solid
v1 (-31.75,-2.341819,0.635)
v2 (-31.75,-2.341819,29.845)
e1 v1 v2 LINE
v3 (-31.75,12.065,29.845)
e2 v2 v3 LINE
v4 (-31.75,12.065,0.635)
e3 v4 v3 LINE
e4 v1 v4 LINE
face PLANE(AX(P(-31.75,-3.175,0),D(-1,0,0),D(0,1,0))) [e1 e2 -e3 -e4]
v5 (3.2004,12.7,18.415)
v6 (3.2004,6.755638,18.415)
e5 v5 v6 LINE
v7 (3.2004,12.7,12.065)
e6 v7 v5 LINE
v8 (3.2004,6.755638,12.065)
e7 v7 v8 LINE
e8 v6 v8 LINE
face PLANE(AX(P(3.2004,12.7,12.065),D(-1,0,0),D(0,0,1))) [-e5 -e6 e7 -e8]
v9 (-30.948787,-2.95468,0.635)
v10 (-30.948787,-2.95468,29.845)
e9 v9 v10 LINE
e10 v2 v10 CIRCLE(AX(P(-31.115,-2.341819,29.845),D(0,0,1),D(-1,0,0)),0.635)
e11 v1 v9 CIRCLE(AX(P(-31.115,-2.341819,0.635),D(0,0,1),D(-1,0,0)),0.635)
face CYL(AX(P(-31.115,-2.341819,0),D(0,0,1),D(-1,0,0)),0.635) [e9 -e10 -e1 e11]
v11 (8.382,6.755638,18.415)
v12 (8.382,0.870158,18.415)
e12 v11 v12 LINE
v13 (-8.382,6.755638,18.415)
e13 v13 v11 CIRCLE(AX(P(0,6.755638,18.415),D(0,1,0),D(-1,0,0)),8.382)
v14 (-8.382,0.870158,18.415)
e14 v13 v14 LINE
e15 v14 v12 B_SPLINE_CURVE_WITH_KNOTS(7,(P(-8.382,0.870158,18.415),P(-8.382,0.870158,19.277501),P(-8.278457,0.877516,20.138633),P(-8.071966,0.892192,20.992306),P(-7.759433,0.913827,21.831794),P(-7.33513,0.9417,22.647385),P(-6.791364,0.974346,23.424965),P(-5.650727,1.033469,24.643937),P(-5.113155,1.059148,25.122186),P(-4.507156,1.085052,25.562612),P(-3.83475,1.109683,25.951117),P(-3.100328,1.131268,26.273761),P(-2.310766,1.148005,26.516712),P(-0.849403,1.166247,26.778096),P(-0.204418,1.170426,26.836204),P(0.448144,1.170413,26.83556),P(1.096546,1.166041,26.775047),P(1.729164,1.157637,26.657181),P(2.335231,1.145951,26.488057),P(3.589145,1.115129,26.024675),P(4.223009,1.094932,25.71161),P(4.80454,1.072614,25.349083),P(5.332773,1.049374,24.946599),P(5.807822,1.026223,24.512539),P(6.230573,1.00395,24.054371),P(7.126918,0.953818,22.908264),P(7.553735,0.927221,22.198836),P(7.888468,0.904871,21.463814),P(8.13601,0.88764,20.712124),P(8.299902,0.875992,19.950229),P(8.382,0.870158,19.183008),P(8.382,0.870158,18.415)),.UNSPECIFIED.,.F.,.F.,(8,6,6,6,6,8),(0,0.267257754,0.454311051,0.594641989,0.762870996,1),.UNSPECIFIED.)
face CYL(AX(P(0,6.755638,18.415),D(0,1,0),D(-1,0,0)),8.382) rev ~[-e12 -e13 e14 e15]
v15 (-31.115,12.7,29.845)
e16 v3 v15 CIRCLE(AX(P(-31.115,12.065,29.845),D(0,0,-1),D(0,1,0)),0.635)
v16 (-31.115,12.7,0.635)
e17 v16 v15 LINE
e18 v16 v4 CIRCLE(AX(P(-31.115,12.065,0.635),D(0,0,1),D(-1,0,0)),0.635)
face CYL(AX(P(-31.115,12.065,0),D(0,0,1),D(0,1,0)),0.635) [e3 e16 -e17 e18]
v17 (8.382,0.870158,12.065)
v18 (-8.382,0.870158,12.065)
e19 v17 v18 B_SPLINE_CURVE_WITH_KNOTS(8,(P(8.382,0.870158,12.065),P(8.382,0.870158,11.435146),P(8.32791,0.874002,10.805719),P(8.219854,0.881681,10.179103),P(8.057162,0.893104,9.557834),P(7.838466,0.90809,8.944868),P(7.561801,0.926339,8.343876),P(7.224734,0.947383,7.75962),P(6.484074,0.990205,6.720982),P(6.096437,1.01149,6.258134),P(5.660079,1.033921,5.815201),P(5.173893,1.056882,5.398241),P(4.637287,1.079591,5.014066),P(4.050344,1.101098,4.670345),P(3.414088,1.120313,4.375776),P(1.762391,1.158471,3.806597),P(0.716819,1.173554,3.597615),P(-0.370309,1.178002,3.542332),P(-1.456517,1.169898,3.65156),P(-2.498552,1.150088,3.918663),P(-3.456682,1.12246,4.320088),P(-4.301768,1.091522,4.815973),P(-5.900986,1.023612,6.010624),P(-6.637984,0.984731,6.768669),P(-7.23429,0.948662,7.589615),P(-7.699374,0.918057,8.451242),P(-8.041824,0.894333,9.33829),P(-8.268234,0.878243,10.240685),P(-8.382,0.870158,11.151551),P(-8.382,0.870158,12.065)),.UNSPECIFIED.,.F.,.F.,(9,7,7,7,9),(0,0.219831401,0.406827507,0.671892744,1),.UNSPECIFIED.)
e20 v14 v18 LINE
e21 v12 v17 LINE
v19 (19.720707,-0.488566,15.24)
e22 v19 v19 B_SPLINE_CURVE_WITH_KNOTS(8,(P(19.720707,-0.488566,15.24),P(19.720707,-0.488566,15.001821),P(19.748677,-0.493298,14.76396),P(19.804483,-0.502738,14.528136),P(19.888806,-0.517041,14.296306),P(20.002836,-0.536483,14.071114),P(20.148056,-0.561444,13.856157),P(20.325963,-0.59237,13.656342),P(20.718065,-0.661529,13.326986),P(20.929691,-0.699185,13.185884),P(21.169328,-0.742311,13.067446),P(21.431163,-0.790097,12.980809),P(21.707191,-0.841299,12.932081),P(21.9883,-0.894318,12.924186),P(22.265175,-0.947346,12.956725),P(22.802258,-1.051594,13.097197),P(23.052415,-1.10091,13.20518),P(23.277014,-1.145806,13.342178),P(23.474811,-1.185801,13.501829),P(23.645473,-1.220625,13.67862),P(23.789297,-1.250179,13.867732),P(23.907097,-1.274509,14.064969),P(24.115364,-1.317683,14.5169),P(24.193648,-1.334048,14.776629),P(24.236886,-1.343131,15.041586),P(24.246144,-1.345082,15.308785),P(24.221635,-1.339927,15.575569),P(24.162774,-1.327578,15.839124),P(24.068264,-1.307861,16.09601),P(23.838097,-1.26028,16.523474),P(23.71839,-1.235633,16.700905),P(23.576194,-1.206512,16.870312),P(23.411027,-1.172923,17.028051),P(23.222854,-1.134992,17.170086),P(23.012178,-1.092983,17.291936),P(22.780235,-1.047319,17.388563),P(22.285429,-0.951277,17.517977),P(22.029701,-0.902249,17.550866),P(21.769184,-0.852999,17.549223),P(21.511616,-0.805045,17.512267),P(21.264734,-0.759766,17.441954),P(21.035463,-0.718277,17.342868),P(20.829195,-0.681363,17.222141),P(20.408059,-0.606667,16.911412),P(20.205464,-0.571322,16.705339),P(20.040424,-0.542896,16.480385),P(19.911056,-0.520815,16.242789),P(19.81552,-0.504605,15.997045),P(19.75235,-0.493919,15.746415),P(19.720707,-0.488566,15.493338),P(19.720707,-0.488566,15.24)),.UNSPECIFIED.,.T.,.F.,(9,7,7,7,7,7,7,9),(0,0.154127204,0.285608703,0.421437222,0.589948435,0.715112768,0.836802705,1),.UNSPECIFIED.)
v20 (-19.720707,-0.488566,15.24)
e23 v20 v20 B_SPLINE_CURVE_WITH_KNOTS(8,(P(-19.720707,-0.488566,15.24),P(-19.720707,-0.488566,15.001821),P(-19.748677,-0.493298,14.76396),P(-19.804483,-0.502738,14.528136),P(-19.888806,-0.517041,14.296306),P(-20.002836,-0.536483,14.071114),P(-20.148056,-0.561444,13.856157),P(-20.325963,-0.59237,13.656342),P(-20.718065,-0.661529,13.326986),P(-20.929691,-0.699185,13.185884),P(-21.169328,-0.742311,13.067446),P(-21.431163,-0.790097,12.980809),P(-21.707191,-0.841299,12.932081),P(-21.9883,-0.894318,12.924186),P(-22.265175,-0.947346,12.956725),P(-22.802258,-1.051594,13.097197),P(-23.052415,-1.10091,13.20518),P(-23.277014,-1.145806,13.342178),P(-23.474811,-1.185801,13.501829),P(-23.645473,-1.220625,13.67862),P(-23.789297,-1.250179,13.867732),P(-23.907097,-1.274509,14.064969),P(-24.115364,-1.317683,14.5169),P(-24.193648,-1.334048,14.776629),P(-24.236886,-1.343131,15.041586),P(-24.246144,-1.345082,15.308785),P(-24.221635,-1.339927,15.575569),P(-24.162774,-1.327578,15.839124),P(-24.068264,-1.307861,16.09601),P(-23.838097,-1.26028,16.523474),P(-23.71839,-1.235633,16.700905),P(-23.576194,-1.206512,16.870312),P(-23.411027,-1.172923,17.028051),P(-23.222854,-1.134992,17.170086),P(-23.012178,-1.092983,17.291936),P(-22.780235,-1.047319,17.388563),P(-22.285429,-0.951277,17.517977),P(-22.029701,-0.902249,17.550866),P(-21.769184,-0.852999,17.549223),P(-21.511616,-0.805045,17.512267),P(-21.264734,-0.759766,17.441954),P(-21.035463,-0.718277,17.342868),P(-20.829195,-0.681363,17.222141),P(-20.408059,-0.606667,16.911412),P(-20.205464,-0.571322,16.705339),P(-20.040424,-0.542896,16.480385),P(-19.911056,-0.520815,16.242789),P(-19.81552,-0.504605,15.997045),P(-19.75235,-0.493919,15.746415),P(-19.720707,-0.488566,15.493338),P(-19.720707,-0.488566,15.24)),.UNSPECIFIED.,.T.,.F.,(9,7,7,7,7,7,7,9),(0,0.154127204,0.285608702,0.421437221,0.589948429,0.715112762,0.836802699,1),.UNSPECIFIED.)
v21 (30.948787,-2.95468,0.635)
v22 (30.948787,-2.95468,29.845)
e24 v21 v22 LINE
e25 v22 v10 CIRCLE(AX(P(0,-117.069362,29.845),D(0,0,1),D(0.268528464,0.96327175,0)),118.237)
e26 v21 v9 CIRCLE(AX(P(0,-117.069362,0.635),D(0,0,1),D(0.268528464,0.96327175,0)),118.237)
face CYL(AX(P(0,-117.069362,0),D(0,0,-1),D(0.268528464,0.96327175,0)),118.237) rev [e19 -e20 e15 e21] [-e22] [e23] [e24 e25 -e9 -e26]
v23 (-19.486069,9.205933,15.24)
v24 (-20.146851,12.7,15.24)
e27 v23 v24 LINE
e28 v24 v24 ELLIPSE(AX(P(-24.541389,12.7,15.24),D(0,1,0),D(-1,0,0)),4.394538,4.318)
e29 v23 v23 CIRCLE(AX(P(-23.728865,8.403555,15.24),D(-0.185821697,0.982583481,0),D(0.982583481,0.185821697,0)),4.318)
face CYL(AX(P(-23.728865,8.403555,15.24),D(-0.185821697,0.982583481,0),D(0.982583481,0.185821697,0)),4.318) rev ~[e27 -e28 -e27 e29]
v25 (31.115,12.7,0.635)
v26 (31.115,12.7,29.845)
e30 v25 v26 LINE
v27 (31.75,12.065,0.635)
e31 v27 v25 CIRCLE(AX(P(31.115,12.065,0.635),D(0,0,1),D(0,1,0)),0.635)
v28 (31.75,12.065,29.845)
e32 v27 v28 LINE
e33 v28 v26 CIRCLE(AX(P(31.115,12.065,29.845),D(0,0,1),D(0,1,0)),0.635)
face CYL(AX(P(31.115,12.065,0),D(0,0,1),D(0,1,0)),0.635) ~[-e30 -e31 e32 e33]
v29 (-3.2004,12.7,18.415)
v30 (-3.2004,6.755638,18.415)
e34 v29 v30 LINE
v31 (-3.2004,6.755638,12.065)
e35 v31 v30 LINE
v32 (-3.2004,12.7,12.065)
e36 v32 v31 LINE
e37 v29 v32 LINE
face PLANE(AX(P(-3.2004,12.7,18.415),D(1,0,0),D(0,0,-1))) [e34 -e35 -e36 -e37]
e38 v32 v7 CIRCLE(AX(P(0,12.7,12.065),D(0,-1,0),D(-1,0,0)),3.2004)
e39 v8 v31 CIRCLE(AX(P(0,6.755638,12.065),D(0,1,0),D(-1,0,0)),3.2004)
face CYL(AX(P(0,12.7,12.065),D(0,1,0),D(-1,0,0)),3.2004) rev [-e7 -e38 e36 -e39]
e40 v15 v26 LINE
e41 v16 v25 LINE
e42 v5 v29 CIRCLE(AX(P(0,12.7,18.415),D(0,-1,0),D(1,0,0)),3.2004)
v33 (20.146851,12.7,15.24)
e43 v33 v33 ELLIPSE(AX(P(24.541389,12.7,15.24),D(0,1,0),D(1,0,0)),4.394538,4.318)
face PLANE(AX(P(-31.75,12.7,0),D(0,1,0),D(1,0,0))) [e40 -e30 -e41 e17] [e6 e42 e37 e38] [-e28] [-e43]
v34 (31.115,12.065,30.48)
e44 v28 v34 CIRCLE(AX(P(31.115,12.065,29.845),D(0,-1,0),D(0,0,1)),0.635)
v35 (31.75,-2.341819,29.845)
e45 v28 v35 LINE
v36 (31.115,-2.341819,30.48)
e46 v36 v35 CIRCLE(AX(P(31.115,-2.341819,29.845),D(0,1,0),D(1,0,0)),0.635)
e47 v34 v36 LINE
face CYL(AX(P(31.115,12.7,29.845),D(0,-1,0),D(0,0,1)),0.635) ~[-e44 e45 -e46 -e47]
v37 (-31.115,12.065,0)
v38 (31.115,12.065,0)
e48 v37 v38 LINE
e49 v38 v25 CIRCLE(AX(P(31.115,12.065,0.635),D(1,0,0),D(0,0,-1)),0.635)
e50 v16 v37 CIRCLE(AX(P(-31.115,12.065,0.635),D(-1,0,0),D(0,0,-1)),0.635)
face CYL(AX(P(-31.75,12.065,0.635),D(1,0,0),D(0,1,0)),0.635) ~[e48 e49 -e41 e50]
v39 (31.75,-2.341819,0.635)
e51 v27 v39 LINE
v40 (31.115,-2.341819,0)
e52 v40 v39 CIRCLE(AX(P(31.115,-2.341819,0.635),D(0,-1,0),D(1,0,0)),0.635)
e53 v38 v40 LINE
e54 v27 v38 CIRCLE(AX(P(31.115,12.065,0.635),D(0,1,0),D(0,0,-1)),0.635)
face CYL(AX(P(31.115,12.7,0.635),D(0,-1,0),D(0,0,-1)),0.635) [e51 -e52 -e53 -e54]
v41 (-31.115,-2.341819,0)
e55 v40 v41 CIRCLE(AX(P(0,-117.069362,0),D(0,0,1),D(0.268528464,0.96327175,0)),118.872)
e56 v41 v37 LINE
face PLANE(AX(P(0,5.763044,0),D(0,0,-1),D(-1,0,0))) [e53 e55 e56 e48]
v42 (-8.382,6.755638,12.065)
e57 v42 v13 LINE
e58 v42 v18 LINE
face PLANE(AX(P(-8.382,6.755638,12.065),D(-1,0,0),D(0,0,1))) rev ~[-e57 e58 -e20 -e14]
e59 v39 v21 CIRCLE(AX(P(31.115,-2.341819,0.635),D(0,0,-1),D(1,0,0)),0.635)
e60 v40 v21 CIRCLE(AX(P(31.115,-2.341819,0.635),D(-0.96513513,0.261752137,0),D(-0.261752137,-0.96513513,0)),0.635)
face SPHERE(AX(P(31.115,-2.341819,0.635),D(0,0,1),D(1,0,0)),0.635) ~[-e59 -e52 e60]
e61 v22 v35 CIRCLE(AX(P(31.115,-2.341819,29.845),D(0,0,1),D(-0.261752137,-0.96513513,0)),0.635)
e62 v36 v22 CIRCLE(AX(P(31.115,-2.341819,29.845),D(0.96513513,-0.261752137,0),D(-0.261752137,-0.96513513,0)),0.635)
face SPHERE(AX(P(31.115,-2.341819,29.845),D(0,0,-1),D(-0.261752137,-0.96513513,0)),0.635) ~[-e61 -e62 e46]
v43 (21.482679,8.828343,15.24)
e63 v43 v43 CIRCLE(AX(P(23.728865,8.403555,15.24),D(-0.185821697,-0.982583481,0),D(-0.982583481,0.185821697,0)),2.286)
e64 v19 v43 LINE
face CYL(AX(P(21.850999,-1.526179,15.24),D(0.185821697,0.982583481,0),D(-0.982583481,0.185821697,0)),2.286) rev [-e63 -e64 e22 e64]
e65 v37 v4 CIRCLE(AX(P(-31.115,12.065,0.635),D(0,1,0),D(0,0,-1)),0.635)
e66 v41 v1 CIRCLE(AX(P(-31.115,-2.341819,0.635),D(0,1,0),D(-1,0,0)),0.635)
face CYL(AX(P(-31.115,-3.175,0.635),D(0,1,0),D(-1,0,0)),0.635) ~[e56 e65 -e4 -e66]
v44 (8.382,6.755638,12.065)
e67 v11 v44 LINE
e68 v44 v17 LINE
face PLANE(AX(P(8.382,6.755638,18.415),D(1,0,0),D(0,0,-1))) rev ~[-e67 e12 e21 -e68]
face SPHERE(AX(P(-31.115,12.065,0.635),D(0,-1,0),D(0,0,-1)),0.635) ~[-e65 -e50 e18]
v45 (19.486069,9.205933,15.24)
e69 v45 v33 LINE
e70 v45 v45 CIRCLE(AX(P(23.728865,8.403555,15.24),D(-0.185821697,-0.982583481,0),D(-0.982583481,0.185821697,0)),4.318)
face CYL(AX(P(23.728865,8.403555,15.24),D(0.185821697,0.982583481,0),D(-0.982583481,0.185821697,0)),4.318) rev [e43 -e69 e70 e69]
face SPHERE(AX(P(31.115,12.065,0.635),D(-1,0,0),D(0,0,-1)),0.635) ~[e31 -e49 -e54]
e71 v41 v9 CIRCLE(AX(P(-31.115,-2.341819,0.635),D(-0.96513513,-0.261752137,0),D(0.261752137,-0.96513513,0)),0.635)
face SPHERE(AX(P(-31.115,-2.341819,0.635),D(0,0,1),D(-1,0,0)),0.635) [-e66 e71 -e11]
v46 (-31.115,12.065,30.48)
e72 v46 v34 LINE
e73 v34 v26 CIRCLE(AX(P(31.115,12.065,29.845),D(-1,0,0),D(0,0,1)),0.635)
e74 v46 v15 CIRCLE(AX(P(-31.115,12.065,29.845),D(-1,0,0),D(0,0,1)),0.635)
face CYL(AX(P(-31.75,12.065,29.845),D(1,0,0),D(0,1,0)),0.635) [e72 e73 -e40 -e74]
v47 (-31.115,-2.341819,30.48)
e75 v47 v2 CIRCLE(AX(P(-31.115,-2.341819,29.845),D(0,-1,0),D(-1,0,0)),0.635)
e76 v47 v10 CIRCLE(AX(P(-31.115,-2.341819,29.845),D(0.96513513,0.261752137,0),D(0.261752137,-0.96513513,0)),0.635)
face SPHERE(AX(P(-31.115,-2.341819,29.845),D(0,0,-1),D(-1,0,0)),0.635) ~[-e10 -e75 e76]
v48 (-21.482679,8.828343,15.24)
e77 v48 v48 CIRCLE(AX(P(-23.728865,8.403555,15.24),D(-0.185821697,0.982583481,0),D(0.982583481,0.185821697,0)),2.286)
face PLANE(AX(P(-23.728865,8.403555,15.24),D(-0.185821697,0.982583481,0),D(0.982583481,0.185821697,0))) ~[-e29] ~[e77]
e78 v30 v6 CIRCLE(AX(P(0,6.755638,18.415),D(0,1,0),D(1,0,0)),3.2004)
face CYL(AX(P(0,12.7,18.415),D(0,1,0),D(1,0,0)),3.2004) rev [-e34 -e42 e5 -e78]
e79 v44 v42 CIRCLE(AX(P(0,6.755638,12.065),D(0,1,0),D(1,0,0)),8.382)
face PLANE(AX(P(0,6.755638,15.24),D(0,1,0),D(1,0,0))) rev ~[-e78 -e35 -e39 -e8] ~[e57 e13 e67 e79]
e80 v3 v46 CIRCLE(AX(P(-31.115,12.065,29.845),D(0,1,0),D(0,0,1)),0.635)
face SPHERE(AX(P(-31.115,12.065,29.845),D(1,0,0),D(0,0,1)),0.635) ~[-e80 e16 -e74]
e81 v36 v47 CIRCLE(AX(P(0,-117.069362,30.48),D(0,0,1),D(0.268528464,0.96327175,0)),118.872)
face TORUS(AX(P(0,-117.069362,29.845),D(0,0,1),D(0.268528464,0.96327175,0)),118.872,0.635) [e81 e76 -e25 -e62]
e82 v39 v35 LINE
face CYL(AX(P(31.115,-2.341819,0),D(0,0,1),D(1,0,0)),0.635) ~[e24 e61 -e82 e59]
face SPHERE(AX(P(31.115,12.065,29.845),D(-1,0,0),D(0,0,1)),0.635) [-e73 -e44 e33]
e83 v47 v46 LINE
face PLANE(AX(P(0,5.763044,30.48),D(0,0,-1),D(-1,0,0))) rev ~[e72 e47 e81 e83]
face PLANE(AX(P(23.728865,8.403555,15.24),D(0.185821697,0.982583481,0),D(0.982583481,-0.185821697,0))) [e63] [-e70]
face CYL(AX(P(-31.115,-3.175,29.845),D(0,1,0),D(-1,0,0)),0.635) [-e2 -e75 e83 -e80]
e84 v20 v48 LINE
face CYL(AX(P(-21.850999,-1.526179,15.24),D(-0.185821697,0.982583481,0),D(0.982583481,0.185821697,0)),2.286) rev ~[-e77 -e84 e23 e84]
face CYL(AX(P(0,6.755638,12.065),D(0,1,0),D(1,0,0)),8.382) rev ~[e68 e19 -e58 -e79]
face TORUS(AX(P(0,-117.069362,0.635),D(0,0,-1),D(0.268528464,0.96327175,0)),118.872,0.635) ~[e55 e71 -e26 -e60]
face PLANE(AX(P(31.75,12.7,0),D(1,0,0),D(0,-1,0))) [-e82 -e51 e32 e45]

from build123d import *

# Parameters (mm, degrees)
BOSS_EXTRUDE1_DEPTH     = 30.48
FILLET1_R               = 0.635
CUT_EXTRUDE1_DEPTH      = 47.721039644
CUT_EXTRUDE6_DEPTH      = 46.498222745
CUT_EXTRUDE6_DEPTH_BACK = 5.588


with BuildPart() as part:
    # Sketch1 → Boss-Extrude1 (new body)
    with BuildSketch(Plane.XY):
        with BuildLine():
            Line((-31.75, 12.7), (31.75, 12.7))
            Line((31.75, 12.7), (31.75, -3.175))
            ThreePointArc((31.75, -3.175), (0, 1.167638116), (-31.75, -3.175))
            Line((-31.75, -3.175), (-31.75, 12.7))
        make_face()
    extrude(amount=BOSS_EXTRUDE1_DEPTH)

    # Sketch5 → Cut-Revolve1 (revolve, cut)
    with BuildSketch(Plane(origin=(0, 0, 15.24), x_dir=(-1, 0, 0), z_dir=(0, 0, -1)), mode=Mode.PRIVATE) as cut_revolve1_sk:
        Polygon((-21.850998632, -1.526179191), (-24.097184469, -1.950967591), (-25.975050427, 7.978766654), (-27.97166006, 7.601176966), (-29.631988117, 16.380619557), (-25.389192647, 17.182997645), align=None)
    cut_revolve1 = revolve(cut_revolve1_sk.sketch.rotate(Axis((25.728949918, 18.979557936, 15.24), (-0.1858216970998926, -0.9825834808742288, 0)), 180), axis=Axis((25.728949918, 18.979557936, 15.24), (-0.1858216970998926, -0.9825834808742288, 0)), mode=Mode.SUBTRACT)

    # Mirror1: Cut-Revolve1 across plane
    add(cut_revolve1.mirror(Plane(origin=(0, 0, 0), x_dir=(0, 0, 1), z_dir=(1, 0, 0))), mode=Mode.SUBTRACT)

    # Fillet1
    fillet1_edges = [part.edges().sort_by_distance(p)[0] for p in [
        (0, 12.7, 30.48),
        (-31.75, 4.7625, 30.48),
        (0, 1.167638116, 30.48),
        (-31.75, 4.7625, 0),
        (0, 12.7, 0),
        (31.75, 4.7625, 0),
        (0, 1.167638116, 0),
        (31.75, 4.7625, 30.48),
        (-31.75, -3.175, 15.24),
        (-31.75, 12.7, 15.24),
        (31.75, 12.7, 15.24),
        (31.75, -3.175, 15.24),
    ]]
    fillet(fillet1_edges, radius=FILLET1_R)

    # Sketch17 → Cut-Extrude1 (cut, through all)
    with BuildSketch(Plane(origin=(0, 12.7, 0), x_dir=(1, 0, 0), z_dir=(0, 1, 0))):
        with BuildLine():
            Line((-3.2004, -18.415), (-3.2004, -12.065))
            ThreePointArc((-3.2004, -12.065), (0, -8.8646), (3.2004, -12.065))
            Line((3.2004, -12.065), (3.2004, -18.415))
            ThreePointArc((3.2004, -18.415), (0, -21.6154), (-3.2004, -18.415))
        make_face()
    extrude(amount=-CUT_EXTRUDE1_DEPTH, mode=Mode.SUBTRACT)

    # Sketch18 → Cut-Extrude6 (cut, two sides: drawn at the far end of the back side and taken through both)
    with BuildSketch(Plane(origin=(0, 1.167638116, 0), x_dir=(-1, 0, 0), z_dir=(0, -1, 0)).offset(-CUT_EXTRUDE6_DEPTH_BACK)):
        with BuildLine():
            Line((8.382, -12.065), (8.382, -18.415))
            ThreePointArc((8.382, -18.415), (0, -26.797), (-8.382, -18.415))
            Line((-8.382, -18.415), (-8.382, -12.065))
            ThreePointArc((-8.382, -12.065), (0, -3.683), (8.382, -12.065))
        make_face()
    extrude(amount=CUT_EXTRUDE6_DEPTH + CUT_EXTRUDE6_DEPTH_BACK, mode=Mode.SUBTRACT)


solid = part.part
